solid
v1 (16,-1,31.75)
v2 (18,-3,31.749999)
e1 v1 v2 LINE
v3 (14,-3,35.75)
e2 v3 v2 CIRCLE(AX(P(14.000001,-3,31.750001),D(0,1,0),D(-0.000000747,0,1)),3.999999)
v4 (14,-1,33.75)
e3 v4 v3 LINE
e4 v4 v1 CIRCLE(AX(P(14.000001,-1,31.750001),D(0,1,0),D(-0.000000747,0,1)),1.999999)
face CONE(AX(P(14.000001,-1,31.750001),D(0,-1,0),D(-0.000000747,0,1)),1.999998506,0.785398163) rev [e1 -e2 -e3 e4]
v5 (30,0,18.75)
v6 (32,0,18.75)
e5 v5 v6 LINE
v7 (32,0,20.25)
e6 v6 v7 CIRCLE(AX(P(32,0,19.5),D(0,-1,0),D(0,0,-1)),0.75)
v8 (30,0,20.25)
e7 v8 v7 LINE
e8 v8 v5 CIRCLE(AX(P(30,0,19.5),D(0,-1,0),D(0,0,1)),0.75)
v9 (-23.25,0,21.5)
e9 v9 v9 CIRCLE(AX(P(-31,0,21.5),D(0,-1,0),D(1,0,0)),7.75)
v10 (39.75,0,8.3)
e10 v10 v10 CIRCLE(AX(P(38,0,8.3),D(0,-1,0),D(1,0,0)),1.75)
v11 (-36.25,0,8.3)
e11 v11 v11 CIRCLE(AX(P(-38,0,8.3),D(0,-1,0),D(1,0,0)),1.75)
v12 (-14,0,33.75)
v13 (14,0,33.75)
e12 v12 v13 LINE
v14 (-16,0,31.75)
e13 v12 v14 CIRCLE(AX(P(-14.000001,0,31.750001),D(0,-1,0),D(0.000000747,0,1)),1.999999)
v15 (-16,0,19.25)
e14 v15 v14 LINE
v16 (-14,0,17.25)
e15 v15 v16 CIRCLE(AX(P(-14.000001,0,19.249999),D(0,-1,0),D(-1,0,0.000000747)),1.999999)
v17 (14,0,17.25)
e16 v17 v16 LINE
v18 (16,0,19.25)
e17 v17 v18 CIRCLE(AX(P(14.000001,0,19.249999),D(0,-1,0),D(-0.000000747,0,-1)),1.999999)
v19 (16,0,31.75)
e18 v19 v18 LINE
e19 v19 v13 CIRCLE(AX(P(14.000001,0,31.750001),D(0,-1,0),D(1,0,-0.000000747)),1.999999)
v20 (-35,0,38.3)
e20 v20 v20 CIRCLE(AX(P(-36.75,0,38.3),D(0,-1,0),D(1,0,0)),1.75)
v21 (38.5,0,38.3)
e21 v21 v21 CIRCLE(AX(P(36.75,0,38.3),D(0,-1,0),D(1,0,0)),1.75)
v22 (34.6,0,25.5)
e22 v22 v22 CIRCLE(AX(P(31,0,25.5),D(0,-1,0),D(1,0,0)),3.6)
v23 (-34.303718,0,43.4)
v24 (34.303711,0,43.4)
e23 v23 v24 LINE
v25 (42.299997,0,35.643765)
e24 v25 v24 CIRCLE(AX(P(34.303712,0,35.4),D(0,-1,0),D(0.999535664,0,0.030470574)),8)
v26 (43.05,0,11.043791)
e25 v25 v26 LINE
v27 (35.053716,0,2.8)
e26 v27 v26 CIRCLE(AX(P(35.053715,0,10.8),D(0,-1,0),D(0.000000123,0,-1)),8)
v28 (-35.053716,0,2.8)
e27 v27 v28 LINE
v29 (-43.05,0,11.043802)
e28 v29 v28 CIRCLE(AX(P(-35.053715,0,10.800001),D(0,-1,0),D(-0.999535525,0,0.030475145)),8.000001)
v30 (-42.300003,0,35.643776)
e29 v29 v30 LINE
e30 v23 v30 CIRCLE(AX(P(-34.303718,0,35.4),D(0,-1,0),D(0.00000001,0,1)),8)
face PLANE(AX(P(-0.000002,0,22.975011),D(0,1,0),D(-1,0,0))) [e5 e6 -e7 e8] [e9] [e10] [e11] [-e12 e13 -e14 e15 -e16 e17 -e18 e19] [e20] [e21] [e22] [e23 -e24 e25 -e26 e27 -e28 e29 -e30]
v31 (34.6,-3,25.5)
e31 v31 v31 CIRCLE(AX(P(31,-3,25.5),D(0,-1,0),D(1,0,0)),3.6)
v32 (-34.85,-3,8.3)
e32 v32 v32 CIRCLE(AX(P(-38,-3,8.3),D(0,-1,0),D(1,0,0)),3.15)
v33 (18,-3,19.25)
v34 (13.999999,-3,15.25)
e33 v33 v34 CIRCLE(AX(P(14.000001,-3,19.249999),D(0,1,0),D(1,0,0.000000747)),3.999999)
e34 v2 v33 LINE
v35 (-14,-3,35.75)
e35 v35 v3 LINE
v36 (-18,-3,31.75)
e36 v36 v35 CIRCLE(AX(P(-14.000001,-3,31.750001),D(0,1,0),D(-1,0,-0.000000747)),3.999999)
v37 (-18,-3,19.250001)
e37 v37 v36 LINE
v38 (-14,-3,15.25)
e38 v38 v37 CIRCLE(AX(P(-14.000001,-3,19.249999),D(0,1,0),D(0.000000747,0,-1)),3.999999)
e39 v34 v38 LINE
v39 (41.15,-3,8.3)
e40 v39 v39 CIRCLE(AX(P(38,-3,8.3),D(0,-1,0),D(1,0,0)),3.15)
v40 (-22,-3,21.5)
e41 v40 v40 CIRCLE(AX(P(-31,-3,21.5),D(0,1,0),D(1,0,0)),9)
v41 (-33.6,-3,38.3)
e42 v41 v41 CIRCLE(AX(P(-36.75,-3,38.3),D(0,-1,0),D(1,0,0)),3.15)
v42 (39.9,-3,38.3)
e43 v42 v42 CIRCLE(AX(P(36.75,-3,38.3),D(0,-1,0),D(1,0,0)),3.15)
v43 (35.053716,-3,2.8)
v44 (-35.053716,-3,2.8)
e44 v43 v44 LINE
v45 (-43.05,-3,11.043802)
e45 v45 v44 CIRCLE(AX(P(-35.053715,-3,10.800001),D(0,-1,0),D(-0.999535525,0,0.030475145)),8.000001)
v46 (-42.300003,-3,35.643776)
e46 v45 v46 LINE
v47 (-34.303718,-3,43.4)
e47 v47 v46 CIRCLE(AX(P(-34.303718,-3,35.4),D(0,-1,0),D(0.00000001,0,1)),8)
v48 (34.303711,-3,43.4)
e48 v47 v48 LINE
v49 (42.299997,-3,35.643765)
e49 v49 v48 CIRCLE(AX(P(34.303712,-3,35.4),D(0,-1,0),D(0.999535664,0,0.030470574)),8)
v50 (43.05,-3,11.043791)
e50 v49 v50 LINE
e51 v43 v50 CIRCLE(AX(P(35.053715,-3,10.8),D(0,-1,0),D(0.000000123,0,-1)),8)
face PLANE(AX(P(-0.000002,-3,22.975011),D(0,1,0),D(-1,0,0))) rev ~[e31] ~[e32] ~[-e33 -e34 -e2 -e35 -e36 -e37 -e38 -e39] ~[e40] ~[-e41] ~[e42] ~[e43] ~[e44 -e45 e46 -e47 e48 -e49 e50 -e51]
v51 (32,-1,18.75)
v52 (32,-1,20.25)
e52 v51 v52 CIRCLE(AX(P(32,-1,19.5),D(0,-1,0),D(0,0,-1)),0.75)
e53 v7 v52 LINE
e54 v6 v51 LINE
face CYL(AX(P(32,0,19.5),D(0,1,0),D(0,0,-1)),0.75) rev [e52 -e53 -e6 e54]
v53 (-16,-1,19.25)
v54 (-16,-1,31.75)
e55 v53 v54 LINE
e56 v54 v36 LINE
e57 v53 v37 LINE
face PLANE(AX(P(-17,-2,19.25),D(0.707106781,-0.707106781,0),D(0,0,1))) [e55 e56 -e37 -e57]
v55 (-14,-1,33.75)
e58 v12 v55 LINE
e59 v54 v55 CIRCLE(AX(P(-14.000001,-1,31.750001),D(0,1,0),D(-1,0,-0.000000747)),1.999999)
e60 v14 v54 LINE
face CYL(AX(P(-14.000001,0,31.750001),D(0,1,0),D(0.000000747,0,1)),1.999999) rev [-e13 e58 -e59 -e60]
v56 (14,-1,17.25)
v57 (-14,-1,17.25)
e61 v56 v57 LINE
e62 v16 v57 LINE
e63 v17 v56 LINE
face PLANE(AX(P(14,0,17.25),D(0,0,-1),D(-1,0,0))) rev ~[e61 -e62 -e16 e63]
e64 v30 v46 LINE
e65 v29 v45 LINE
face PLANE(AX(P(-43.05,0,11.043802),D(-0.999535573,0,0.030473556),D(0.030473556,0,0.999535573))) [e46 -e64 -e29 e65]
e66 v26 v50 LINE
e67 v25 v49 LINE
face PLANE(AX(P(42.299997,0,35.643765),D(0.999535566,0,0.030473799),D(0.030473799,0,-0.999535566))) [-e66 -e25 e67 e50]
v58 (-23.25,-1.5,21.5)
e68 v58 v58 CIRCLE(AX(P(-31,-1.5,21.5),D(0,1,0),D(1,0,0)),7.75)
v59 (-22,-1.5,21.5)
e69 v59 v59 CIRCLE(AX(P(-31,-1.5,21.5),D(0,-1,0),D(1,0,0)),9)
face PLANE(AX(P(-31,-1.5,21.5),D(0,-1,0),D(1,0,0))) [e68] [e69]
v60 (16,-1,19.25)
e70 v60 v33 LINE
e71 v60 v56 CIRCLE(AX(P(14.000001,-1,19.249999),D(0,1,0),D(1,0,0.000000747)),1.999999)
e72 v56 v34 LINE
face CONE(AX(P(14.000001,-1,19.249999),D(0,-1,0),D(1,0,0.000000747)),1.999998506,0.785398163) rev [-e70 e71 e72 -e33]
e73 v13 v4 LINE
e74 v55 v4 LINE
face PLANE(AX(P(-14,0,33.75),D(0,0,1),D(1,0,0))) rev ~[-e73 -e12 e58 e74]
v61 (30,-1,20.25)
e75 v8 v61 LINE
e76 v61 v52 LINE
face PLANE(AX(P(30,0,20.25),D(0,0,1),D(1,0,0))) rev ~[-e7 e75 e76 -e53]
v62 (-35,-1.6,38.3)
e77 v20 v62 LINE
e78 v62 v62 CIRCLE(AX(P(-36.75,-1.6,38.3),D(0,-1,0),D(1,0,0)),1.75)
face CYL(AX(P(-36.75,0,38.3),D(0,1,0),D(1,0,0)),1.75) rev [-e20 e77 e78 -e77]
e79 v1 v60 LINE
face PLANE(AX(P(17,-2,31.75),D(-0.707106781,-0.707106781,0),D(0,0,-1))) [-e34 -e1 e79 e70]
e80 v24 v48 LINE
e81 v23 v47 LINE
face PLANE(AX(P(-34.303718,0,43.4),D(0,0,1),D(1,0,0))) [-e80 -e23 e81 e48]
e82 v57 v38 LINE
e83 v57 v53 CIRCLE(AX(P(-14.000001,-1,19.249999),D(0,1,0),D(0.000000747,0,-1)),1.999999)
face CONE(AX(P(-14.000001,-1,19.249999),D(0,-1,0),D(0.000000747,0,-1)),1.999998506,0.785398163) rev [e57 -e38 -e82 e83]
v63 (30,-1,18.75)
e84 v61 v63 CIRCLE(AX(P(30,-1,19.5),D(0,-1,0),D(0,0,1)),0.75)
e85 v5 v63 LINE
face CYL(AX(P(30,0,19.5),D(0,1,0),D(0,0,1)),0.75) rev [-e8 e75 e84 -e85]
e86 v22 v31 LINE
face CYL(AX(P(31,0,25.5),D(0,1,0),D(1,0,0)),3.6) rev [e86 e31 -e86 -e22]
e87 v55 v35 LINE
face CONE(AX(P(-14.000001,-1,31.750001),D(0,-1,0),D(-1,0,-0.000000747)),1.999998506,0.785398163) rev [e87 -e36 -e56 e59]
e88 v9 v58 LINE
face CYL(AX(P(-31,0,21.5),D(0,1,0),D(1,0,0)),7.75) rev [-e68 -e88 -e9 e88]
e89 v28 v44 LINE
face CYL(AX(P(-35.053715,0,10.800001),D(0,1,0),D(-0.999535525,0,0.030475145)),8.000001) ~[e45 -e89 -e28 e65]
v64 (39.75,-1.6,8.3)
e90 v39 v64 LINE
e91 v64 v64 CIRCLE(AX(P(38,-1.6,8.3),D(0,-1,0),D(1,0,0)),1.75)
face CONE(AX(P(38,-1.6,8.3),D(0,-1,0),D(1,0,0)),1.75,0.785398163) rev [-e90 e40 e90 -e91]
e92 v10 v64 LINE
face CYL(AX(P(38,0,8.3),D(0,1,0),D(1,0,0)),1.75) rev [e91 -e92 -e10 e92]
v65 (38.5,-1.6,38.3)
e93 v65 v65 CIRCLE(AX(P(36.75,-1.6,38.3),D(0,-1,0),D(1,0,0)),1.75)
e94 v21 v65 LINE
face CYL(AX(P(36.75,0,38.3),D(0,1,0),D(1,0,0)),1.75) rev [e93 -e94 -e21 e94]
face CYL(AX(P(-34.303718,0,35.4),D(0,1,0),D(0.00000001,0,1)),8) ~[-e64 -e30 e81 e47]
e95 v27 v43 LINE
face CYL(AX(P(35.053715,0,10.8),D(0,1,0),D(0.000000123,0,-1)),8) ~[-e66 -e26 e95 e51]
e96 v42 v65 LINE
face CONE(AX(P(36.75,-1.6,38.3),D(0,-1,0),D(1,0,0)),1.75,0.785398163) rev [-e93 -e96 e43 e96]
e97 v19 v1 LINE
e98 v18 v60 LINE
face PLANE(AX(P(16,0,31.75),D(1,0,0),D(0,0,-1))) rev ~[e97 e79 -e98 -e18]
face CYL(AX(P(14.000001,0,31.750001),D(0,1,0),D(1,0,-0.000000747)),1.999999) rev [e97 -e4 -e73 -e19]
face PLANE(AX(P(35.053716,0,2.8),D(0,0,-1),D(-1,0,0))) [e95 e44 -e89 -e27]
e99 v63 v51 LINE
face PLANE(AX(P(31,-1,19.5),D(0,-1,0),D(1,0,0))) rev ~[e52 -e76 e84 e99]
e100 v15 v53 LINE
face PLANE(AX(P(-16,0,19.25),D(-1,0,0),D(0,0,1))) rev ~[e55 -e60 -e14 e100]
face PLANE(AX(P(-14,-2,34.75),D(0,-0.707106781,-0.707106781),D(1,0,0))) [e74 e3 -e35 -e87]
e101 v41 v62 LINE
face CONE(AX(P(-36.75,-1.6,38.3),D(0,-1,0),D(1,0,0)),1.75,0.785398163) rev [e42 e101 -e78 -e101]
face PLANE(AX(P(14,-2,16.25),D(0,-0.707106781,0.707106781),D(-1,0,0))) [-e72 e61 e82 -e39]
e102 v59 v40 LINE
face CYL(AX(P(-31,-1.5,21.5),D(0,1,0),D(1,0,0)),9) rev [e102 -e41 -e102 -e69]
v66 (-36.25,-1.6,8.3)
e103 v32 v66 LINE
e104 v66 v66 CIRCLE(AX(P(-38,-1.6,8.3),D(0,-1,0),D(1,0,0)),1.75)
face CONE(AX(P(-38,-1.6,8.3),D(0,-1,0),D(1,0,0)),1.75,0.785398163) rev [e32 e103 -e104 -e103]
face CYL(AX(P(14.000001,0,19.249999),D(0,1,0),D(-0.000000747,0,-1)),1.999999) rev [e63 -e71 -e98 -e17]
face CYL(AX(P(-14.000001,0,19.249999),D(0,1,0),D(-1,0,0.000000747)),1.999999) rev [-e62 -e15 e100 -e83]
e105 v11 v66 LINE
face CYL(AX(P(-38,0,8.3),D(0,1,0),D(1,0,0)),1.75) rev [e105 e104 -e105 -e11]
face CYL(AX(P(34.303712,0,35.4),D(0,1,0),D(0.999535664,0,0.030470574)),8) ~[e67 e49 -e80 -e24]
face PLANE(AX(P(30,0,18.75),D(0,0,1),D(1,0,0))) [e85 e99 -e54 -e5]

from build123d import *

# Parameters (mm, degrees)
SKETCH033_R     = 1.75
SKETCH033_R_2   = 7.75
SKETCH033_R_3   = 3.6
PAD001_DEPTH    = 3
CHAMFER001_SIZE = 2
CHAMFER002_SIZE = 1.4
SKETCH035_R     = 9
POCKET008_DEPTH = 1.501
POCKET009_DEPTH = 1


with BuildPart() as part:
    # Sketch033 → Pad001 (new body)
    with BuildSketch(Plane.XZ):
        with BuildLine():
            Line((-34.303718, 43.4), (34.303711, 43.4))
            ThreePointArc((42.299997, 35.643765), (39.873715, 41.142392), (34.303711, 43.4))
            Line((42.299997, 35.643765), (43.05, 11.043791))
            ThreePointArc((35.053716, 2.8), (40.796116, 5.230006), (43.05, 11.043791))
            Line((35.053716, 2.8), (-35.053716, 2.8))
            ThreePointArc((-43.05, 11.043802), (-40.79612, 5.23001), (-35.053716, 2.8))
            Line((-43.05, 11.043802), (-42.300003, 35.643776))
            ThreePointArc((-34.303718, 43.4), (-39.873717, 41.142396), (-42.300003, 35.643776))
        make_face()
        with Locations((-36.75, 38.3)):
            Circle(SKETCH033_R, mode=Mode.SUBTRACT)
        with Locations((36.75, 38.3)):
            Circle(SKETCH033_R, mode=Mode.SUBTRACT)
        with Locations((-38, 8.3)):
            Circle(SKETCH033_R, mode=Mode.SUBTRACT)
        with Locations((38, 8.3)):
            Circle(SKETCH033_R, mode=Mode.SUBTRACT)
        with Locations((-31, 21.5)):
            Circle(SKETCH033_R_2, mode=Mode.SUBTRACT)
        with Locations((31, 25.5)):
            Circle(SKETCH033_R_3, mode=Mode.SUBTRACT)
        with BuildLine():
            Line((-14, 33.75), (14, 33.75))
            ThreePointArc((16, 31.75), (15.414214, 33.164214), (14, 33.75))
            Line((16, 31.75), (16, 19.25))
            ThreePointArc((14, 17.25), (15.414214, 17.835786), (16, 19.25))
            Line((14, 17.25), (-14, 17.25))
            ThreePointArc((-16, 19.25), (-15.414214, 17.835786), (-14, 17.25))
            Line((-16, 19.25), (-16, 31.75))
            ThreePointArc((-14, 33.75), (-15.414214, 33.164214), (-16, 31.75))
        make_face(mode=Mode.SUBTRACT)
    extrude(amount=PAD001_DEPTH)

    # Chamfer001
    chamfer001_edges = [part.edges().sort_by_distance(p)[0] for p in [
        (0, -3, 33.75),
    ]]
    chamfer(chamfer001_edges, length=CHAMFER001_SIZE)

    # Chamfer002
    chamfer002_edges = [part.edges().sort_by_distance(p)[0] for p in [
        (-39.75, -3, 8.3),
        (-38.5, -3, 38.3),
        (36.25, -3, 8.3),
        (35, -3, 38.3),
    ]]
    chamfer(chamfer002_edges, length=CHAMFER002_SIZE)

    # Sketch035 → Pocket008 (cut, through all)
    with BuildSketch(Plane.XZ.offset(1.5)):
        with Locations((-31, 21.5)):
            Circle(SKETCH035_R)
    extrude(amount=POCKET008_DEPTH, mode=Mode.SUBTRACT)

    # Sketch036 → Pocket009 (cut)
    with BuildSketch(Plane.XZ):
        with BuildLine():
            ThreePointArc((30, 20.25), (29.25, 19.5), (30, 18.75))
            Line((30, 18.75), (32, 18.75))
            ThreePointArc((32, 18.75), (32.75, 19.5), (32, 20.25))
            Line((30, 20.25), (32, 20.25))
        make_face()
    extrude(amount=POCKET009_DEPTH, mode=Mode.SUBTRACT)


solid = part.part
